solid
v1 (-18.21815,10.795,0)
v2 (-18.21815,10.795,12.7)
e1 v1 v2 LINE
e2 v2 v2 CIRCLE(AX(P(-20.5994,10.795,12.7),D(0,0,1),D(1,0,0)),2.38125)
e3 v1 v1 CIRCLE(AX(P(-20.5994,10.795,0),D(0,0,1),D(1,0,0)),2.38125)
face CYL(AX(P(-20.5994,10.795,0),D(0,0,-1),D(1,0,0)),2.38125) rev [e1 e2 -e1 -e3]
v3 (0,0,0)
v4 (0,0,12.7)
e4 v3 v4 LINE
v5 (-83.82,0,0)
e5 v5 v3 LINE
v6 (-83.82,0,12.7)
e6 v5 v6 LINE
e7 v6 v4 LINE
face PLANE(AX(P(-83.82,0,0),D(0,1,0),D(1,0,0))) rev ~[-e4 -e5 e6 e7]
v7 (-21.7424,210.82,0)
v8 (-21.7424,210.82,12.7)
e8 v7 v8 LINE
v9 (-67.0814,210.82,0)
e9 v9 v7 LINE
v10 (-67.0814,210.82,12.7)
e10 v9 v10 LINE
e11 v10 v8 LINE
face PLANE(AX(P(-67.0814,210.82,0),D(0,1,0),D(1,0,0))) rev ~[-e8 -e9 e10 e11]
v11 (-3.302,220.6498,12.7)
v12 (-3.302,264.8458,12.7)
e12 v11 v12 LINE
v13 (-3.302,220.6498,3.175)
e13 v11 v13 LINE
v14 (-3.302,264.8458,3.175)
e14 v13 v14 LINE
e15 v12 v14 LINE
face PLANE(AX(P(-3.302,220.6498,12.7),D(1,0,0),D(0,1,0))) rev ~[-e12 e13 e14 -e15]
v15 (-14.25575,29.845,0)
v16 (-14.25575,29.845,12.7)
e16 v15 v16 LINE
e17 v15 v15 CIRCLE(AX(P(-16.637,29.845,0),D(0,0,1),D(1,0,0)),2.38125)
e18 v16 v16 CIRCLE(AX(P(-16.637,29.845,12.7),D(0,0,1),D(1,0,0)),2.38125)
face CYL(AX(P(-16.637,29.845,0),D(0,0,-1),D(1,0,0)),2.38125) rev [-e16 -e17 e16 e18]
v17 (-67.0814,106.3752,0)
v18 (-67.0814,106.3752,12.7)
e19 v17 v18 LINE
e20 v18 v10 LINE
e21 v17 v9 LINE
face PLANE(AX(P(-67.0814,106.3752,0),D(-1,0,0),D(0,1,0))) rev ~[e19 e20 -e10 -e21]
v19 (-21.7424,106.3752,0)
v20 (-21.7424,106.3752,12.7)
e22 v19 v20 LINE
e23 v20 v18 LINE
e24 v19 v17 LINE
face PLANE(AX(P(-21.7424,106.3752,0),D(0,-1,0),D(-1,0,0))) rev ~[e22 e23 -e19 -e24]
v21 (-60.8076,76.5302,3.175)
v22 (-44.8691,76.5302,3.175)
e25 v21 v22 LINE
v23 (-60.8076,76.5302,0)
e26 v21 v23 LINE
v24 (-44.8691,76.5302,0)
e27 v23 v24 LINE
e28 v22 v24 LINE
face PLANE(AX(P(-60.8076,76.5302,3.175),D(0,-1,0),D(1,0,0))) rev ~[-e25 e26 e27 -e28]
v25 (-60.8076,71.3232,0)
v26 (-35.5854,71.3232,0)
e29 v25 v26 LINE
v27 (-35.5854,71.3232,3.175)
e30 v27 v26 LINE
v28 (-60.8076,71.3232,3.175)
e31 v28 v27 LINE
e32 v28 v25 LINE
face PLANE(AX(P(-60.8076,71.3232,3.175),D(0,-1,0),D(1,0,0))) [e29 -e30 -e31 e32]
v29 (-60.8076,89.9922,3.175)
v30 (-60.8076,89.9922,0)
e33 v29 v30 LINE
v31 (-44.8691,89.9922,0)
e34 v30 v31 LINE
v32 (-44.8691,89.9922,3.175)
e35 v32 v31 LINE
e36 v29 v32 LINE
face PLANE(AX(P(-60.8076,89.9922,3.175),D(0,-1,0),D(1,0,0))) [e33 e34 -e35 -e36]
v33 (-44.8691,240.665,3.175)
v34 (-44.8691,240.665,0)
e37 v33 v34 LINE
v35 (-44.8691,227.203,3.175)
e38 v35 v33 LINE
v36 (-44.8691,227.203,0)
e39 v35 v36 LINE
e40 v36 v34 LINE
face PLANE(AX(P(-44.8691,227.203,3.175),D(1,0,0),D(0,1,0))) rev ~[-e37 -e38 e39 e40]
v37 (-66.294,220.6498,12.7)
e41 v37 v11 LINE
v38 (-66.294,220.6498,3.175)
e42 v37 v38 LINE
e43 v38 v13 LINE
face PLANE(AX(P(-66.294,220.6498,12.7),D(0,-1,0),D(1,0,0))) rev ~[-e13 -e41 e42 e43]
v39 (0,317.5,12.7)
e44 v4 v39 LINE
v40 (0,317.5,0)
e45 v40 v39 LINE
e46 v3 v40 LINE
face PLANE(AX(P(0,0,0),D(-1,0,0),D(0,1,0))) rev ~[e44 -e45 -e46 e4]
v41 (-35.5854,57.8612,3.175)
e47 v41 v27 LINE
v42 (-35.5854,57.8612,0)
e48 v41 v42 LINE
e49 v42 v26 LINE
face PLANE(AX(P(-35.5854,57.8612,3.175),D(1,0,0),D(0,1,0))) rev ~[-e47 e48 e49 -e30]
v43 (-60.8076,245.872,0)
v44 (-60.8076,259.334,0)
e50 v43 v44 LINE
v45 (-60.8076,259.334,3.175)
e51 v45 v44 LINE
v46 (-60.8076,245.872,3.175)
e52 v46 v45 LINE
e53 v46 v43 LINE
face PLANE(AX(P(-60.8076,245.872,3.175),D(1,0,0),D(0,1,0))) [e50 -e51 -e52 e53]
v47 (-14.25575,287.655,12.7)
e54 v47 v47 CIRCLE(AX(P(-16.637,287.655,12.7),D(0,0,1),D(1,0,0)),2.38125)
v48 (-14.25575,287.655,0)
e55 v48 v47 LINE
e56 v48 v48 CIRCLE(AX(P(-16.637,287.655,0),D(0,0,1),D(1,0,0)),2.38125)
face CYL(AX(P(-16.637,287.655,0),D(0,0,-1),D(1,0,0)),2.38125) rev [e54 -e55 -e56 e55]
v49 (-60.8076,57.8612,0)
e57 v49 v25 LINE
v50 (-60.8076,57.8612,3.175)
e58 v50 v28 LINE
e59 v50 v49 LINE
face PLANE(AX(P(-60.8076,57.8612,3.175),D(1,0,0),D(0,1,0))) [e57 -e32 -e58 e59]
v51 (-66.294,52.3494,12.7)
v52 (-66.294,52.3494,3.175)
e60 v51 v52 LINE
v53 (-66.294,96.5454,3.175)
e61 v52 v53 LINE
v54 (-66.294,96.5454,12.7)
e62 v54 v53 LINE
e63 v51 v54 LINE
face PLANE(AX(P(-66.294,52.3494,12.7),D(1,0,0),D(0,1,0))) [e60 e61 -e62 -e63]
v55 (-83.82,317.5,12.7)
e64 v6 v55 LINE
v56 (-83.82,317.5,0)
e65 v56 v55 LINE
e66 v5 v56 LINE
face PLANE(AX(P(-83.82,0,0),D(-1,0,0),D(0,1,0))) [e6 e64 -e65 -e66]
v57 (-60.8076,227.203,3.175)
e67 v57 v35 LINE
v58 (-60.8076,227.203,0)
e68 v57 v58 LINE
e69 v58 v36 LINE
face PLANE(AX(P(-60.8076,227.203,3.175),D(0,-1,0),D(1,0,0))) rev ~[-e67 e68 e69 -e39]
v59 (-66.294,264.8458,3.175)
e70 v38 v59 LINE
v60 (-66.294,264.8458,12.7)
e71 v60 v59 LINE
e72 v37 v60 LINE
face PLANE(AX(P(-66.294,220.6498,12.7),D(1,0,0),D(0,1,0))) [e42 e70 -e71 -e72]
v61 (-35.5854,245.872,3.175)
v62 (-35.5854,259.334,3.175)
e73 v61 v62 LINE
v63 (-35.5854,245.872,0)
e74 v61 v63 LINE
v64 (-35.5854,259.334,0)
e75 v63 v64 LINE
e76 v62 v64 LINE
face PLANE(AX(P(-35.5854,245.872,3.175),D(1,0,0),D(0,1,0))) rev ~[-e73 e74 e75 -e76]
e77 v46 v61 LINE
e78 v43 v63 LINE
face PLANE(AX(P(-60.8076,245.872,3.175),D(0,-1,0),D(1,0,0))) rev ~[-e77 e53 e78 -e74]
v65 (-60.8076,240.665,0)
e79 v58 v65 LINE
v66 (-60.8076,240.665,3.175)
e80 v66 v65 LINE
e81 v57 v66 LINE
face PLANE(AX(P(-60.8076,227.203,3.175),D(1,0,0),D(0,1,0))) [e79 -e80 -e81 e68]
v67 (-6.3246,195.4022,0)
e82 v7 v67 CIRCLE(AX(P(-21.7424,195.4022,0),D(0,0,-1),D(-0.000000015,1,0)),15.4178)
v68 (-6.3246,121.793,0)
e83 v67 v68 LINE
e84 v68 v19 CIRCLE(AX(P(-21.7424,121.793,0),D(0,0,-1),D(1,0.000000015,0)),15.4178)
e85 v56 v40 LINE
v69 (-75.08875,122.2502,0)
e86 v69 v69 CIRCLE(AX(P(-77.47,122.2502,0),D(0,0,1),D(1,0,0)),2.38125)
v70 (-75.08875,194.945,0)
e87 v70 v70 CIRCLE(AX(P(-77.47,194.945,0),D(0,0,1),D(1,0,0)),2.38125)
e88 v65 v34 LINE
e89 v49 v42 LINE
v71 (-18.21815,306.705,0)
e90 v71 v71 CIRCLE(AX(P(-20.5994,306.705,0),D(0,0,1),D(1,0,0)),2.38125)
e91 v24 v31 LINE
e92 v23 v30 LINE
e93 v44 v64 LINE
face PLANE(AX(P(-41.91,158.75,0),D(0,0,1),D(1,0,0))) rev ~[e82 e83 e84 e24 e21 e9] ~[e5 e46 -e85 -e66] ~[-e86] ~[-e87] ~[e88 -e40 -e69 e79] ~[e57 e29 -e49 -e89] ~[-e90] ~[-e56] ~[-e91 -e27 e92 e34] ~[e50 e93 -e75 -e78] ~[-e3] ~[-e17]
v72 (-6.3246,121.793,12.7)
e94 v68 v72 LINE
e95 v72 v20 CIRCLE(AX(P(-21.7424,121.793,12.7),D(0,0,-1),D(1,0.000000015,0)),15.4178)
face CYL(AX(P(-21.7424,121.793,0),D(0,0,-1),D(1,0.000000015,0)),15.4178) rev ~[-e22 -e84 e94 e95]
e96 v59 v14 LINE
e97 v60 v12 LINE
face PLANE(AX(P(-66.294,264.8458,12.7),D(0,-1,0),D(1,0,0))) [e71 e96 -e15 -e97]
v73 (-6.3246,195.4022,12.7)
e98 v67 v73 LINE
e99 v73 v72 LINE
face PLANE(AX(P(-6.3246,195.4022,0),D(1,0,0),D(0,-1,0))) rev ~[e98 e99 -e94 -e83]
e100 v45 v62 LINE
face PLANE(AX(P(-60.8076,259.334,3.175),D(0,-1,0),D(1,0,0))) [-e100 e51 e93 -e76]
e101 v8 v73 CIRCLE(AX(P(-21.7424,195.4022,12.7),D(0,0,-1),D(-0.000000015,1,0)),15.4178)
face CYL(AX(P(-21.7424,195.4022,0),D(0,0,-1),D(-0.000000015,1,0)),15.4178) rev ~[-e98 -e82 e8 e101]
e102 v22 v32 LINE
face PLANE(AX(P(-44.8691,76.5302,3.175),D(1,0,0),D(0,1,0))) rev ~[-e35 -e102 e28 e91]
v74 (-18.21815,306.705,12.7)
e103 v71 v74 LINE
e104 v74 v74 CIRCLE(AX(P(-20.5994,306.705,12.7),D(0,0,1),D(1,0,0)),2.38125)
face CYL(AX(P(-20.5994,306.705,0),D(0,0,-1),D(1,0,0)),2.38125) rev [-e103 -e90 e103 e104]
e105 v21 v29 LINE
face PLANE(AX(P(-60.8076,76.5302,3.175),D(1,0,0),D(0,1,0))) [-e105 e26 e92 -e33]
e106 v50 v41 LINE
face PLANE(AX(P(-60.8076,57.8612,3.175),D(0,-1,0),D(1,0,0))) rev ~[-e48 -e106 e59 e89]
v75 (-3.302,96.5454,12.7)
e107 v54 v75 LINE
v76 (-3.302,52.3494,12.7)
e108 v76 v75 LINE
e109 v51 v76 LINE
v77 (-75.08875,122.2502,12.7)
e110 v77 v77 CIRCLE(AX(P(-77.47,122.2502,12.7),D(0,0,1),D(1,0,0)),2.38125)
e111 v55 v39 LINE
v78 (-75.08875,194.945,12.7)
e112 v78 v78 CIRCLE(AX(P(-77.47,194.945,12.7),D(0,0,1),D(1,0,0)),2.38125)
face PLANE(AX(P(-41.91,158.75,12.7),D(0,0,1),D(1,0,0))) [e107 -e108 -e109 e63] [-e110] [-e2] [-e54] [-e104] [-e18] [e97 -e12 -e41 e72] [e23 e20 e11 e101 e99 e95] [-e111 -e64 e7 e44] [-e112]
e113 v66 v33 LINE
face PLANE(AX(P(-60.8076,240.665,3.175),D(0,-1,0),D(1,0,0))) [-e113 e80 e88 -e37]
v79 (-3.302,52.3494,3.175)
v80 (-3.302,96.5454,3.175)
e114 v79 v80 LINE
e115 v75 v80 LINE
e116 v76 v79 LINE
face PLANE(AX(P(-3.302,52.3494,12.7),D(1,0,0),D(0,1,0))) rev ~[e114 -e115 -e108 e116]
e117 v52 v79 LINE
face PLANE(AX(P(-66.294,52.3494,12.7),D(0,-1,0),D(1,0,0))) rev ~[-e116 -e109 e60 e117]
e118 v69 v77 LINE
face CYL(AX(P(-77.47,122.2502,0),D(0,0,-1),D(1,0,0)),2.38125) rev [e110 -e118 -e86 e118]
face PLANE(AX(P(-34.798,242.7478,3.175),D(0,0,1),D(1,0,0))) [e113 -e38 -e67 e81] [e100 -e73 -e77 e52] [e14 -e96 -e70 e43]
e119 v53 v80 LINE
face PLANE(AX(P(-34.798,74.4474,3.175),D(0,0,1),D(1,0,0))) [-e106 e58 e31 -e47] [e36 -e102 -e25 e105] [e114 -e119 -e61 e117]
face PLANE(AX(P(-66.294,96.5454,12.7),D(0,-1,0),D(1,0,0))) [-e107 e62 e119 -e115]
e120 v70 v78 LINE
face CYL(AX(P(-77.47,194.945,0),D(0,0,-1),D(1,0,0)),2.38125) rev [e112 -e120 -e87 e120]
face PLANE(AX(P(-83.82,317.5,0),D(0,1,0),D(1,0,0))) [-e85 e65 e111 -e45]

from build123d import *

# Parameters (mm, degrees)
F0_W     = 83.82
F0_H     = 317.5
F0_R     = 2.38125
F1_DEPTH = 12.7
F2_W     = 62.992
F2_H     = 44.196
F3_DEPTH = 9.525
F4_W     = 15.9385
F4_H     = 13.462
F4_W_2   = 25.2222
F5_DEPTH = 3.176


with BuildPart() as f1:
    # F0 (on Top) → F1 (new body)
    with BuildSketch(Plane.XY):
        with Locations((-41.91, 158.75)):
            Rectangle(F0_W, F0_H)
        with Locations((-77.47, 122.2502)):
            Circle(F0_R, mode=Mode.SUBTRACT)
        with Locations((-20.5994, 10.795)):
            Circle(F0_R, mode=Mode.SUBTRACT)
        with Locations((-16.637, 29.845)):
            Circle(F0_R, mode=Mode.SUBTRACT)
        with BuildLine():
            ThreePointArc((-6.3246, 121.793), (-10.840369, 110.890969), (-21.7424, 106.3752))
            Line((-21.7424, 106.3752), (-36.2458, 106.3752))
            Line((-36.2458, 106.3752), (-67.0814, 106.3752))
            Line((-67.0814, 106.3752), (-67.0814, 137.2108))
            Line((-67.0814, 137.2108), (-67.0814, 179.9844))
            Line((-67.0814, 179.9844), (-67.0814, 210.82))
            Line((-67.0814, 210.82), (-36.2458, 210.82))
            Line((-36.2458, 210.82), (-21.7424, 210.82))
            ThreePointArc((-21.7424, 210.82), (-10.840369, 206.304231), (-6.3246, 195.4022))
            Line((-6.3246, 195.4022), (-6.3246, 121.793))
        make_face(mode=Mode.SUBTRACT)
        with Locations((-77.47, 194.945)):
            Circle(F0_R, mode=Mode.SUBTRACT)
        with Locations((-16.637, 287.655)):
            Circle(F0_R, mode=Mode.SUBTRACT)
        with Locations((-20.5994, 306.705)):
            Circle(F0_R, mode=Mode.SUBTRACT)
    extrude(amount=F1_DEPTH)

    # F2 (on face) → F3 (cut)
    with BuildSketch(Plane.XY.offset(12.7)):
        with Locations((-34.798, 74.4474)):
            Rectangle(F2_W, F2_H)
        with Locations((-34.798, 242.7478)):
            Rectangle(F2_W, F2_H)
    extrude(amount=-F3_DEPTH, mode=Mode.SUBTRACT)

    # F4 (on face) → F5 (cut, through all)
    with BuildSketch(Plane.XY.offset(3.175)):
        with Locations((-52.83835, 233.934)):
            Rectangle(F4_W, F4_H)
        with Locations((-48.1965, 252.603)):
            Rectangle(F4_W_2, F4_H)
        with Locations((-52.83835, 83.2612)):
            Rectangle(F4_W, F4_H)
        with Locations((-48.1965, 64.5922)):
            Rectangle(F4_W_2, F4_H)
    extrude(amount=-F5_DEPTH, mode=Mode.SUBTRACT)


solid = f1.part
